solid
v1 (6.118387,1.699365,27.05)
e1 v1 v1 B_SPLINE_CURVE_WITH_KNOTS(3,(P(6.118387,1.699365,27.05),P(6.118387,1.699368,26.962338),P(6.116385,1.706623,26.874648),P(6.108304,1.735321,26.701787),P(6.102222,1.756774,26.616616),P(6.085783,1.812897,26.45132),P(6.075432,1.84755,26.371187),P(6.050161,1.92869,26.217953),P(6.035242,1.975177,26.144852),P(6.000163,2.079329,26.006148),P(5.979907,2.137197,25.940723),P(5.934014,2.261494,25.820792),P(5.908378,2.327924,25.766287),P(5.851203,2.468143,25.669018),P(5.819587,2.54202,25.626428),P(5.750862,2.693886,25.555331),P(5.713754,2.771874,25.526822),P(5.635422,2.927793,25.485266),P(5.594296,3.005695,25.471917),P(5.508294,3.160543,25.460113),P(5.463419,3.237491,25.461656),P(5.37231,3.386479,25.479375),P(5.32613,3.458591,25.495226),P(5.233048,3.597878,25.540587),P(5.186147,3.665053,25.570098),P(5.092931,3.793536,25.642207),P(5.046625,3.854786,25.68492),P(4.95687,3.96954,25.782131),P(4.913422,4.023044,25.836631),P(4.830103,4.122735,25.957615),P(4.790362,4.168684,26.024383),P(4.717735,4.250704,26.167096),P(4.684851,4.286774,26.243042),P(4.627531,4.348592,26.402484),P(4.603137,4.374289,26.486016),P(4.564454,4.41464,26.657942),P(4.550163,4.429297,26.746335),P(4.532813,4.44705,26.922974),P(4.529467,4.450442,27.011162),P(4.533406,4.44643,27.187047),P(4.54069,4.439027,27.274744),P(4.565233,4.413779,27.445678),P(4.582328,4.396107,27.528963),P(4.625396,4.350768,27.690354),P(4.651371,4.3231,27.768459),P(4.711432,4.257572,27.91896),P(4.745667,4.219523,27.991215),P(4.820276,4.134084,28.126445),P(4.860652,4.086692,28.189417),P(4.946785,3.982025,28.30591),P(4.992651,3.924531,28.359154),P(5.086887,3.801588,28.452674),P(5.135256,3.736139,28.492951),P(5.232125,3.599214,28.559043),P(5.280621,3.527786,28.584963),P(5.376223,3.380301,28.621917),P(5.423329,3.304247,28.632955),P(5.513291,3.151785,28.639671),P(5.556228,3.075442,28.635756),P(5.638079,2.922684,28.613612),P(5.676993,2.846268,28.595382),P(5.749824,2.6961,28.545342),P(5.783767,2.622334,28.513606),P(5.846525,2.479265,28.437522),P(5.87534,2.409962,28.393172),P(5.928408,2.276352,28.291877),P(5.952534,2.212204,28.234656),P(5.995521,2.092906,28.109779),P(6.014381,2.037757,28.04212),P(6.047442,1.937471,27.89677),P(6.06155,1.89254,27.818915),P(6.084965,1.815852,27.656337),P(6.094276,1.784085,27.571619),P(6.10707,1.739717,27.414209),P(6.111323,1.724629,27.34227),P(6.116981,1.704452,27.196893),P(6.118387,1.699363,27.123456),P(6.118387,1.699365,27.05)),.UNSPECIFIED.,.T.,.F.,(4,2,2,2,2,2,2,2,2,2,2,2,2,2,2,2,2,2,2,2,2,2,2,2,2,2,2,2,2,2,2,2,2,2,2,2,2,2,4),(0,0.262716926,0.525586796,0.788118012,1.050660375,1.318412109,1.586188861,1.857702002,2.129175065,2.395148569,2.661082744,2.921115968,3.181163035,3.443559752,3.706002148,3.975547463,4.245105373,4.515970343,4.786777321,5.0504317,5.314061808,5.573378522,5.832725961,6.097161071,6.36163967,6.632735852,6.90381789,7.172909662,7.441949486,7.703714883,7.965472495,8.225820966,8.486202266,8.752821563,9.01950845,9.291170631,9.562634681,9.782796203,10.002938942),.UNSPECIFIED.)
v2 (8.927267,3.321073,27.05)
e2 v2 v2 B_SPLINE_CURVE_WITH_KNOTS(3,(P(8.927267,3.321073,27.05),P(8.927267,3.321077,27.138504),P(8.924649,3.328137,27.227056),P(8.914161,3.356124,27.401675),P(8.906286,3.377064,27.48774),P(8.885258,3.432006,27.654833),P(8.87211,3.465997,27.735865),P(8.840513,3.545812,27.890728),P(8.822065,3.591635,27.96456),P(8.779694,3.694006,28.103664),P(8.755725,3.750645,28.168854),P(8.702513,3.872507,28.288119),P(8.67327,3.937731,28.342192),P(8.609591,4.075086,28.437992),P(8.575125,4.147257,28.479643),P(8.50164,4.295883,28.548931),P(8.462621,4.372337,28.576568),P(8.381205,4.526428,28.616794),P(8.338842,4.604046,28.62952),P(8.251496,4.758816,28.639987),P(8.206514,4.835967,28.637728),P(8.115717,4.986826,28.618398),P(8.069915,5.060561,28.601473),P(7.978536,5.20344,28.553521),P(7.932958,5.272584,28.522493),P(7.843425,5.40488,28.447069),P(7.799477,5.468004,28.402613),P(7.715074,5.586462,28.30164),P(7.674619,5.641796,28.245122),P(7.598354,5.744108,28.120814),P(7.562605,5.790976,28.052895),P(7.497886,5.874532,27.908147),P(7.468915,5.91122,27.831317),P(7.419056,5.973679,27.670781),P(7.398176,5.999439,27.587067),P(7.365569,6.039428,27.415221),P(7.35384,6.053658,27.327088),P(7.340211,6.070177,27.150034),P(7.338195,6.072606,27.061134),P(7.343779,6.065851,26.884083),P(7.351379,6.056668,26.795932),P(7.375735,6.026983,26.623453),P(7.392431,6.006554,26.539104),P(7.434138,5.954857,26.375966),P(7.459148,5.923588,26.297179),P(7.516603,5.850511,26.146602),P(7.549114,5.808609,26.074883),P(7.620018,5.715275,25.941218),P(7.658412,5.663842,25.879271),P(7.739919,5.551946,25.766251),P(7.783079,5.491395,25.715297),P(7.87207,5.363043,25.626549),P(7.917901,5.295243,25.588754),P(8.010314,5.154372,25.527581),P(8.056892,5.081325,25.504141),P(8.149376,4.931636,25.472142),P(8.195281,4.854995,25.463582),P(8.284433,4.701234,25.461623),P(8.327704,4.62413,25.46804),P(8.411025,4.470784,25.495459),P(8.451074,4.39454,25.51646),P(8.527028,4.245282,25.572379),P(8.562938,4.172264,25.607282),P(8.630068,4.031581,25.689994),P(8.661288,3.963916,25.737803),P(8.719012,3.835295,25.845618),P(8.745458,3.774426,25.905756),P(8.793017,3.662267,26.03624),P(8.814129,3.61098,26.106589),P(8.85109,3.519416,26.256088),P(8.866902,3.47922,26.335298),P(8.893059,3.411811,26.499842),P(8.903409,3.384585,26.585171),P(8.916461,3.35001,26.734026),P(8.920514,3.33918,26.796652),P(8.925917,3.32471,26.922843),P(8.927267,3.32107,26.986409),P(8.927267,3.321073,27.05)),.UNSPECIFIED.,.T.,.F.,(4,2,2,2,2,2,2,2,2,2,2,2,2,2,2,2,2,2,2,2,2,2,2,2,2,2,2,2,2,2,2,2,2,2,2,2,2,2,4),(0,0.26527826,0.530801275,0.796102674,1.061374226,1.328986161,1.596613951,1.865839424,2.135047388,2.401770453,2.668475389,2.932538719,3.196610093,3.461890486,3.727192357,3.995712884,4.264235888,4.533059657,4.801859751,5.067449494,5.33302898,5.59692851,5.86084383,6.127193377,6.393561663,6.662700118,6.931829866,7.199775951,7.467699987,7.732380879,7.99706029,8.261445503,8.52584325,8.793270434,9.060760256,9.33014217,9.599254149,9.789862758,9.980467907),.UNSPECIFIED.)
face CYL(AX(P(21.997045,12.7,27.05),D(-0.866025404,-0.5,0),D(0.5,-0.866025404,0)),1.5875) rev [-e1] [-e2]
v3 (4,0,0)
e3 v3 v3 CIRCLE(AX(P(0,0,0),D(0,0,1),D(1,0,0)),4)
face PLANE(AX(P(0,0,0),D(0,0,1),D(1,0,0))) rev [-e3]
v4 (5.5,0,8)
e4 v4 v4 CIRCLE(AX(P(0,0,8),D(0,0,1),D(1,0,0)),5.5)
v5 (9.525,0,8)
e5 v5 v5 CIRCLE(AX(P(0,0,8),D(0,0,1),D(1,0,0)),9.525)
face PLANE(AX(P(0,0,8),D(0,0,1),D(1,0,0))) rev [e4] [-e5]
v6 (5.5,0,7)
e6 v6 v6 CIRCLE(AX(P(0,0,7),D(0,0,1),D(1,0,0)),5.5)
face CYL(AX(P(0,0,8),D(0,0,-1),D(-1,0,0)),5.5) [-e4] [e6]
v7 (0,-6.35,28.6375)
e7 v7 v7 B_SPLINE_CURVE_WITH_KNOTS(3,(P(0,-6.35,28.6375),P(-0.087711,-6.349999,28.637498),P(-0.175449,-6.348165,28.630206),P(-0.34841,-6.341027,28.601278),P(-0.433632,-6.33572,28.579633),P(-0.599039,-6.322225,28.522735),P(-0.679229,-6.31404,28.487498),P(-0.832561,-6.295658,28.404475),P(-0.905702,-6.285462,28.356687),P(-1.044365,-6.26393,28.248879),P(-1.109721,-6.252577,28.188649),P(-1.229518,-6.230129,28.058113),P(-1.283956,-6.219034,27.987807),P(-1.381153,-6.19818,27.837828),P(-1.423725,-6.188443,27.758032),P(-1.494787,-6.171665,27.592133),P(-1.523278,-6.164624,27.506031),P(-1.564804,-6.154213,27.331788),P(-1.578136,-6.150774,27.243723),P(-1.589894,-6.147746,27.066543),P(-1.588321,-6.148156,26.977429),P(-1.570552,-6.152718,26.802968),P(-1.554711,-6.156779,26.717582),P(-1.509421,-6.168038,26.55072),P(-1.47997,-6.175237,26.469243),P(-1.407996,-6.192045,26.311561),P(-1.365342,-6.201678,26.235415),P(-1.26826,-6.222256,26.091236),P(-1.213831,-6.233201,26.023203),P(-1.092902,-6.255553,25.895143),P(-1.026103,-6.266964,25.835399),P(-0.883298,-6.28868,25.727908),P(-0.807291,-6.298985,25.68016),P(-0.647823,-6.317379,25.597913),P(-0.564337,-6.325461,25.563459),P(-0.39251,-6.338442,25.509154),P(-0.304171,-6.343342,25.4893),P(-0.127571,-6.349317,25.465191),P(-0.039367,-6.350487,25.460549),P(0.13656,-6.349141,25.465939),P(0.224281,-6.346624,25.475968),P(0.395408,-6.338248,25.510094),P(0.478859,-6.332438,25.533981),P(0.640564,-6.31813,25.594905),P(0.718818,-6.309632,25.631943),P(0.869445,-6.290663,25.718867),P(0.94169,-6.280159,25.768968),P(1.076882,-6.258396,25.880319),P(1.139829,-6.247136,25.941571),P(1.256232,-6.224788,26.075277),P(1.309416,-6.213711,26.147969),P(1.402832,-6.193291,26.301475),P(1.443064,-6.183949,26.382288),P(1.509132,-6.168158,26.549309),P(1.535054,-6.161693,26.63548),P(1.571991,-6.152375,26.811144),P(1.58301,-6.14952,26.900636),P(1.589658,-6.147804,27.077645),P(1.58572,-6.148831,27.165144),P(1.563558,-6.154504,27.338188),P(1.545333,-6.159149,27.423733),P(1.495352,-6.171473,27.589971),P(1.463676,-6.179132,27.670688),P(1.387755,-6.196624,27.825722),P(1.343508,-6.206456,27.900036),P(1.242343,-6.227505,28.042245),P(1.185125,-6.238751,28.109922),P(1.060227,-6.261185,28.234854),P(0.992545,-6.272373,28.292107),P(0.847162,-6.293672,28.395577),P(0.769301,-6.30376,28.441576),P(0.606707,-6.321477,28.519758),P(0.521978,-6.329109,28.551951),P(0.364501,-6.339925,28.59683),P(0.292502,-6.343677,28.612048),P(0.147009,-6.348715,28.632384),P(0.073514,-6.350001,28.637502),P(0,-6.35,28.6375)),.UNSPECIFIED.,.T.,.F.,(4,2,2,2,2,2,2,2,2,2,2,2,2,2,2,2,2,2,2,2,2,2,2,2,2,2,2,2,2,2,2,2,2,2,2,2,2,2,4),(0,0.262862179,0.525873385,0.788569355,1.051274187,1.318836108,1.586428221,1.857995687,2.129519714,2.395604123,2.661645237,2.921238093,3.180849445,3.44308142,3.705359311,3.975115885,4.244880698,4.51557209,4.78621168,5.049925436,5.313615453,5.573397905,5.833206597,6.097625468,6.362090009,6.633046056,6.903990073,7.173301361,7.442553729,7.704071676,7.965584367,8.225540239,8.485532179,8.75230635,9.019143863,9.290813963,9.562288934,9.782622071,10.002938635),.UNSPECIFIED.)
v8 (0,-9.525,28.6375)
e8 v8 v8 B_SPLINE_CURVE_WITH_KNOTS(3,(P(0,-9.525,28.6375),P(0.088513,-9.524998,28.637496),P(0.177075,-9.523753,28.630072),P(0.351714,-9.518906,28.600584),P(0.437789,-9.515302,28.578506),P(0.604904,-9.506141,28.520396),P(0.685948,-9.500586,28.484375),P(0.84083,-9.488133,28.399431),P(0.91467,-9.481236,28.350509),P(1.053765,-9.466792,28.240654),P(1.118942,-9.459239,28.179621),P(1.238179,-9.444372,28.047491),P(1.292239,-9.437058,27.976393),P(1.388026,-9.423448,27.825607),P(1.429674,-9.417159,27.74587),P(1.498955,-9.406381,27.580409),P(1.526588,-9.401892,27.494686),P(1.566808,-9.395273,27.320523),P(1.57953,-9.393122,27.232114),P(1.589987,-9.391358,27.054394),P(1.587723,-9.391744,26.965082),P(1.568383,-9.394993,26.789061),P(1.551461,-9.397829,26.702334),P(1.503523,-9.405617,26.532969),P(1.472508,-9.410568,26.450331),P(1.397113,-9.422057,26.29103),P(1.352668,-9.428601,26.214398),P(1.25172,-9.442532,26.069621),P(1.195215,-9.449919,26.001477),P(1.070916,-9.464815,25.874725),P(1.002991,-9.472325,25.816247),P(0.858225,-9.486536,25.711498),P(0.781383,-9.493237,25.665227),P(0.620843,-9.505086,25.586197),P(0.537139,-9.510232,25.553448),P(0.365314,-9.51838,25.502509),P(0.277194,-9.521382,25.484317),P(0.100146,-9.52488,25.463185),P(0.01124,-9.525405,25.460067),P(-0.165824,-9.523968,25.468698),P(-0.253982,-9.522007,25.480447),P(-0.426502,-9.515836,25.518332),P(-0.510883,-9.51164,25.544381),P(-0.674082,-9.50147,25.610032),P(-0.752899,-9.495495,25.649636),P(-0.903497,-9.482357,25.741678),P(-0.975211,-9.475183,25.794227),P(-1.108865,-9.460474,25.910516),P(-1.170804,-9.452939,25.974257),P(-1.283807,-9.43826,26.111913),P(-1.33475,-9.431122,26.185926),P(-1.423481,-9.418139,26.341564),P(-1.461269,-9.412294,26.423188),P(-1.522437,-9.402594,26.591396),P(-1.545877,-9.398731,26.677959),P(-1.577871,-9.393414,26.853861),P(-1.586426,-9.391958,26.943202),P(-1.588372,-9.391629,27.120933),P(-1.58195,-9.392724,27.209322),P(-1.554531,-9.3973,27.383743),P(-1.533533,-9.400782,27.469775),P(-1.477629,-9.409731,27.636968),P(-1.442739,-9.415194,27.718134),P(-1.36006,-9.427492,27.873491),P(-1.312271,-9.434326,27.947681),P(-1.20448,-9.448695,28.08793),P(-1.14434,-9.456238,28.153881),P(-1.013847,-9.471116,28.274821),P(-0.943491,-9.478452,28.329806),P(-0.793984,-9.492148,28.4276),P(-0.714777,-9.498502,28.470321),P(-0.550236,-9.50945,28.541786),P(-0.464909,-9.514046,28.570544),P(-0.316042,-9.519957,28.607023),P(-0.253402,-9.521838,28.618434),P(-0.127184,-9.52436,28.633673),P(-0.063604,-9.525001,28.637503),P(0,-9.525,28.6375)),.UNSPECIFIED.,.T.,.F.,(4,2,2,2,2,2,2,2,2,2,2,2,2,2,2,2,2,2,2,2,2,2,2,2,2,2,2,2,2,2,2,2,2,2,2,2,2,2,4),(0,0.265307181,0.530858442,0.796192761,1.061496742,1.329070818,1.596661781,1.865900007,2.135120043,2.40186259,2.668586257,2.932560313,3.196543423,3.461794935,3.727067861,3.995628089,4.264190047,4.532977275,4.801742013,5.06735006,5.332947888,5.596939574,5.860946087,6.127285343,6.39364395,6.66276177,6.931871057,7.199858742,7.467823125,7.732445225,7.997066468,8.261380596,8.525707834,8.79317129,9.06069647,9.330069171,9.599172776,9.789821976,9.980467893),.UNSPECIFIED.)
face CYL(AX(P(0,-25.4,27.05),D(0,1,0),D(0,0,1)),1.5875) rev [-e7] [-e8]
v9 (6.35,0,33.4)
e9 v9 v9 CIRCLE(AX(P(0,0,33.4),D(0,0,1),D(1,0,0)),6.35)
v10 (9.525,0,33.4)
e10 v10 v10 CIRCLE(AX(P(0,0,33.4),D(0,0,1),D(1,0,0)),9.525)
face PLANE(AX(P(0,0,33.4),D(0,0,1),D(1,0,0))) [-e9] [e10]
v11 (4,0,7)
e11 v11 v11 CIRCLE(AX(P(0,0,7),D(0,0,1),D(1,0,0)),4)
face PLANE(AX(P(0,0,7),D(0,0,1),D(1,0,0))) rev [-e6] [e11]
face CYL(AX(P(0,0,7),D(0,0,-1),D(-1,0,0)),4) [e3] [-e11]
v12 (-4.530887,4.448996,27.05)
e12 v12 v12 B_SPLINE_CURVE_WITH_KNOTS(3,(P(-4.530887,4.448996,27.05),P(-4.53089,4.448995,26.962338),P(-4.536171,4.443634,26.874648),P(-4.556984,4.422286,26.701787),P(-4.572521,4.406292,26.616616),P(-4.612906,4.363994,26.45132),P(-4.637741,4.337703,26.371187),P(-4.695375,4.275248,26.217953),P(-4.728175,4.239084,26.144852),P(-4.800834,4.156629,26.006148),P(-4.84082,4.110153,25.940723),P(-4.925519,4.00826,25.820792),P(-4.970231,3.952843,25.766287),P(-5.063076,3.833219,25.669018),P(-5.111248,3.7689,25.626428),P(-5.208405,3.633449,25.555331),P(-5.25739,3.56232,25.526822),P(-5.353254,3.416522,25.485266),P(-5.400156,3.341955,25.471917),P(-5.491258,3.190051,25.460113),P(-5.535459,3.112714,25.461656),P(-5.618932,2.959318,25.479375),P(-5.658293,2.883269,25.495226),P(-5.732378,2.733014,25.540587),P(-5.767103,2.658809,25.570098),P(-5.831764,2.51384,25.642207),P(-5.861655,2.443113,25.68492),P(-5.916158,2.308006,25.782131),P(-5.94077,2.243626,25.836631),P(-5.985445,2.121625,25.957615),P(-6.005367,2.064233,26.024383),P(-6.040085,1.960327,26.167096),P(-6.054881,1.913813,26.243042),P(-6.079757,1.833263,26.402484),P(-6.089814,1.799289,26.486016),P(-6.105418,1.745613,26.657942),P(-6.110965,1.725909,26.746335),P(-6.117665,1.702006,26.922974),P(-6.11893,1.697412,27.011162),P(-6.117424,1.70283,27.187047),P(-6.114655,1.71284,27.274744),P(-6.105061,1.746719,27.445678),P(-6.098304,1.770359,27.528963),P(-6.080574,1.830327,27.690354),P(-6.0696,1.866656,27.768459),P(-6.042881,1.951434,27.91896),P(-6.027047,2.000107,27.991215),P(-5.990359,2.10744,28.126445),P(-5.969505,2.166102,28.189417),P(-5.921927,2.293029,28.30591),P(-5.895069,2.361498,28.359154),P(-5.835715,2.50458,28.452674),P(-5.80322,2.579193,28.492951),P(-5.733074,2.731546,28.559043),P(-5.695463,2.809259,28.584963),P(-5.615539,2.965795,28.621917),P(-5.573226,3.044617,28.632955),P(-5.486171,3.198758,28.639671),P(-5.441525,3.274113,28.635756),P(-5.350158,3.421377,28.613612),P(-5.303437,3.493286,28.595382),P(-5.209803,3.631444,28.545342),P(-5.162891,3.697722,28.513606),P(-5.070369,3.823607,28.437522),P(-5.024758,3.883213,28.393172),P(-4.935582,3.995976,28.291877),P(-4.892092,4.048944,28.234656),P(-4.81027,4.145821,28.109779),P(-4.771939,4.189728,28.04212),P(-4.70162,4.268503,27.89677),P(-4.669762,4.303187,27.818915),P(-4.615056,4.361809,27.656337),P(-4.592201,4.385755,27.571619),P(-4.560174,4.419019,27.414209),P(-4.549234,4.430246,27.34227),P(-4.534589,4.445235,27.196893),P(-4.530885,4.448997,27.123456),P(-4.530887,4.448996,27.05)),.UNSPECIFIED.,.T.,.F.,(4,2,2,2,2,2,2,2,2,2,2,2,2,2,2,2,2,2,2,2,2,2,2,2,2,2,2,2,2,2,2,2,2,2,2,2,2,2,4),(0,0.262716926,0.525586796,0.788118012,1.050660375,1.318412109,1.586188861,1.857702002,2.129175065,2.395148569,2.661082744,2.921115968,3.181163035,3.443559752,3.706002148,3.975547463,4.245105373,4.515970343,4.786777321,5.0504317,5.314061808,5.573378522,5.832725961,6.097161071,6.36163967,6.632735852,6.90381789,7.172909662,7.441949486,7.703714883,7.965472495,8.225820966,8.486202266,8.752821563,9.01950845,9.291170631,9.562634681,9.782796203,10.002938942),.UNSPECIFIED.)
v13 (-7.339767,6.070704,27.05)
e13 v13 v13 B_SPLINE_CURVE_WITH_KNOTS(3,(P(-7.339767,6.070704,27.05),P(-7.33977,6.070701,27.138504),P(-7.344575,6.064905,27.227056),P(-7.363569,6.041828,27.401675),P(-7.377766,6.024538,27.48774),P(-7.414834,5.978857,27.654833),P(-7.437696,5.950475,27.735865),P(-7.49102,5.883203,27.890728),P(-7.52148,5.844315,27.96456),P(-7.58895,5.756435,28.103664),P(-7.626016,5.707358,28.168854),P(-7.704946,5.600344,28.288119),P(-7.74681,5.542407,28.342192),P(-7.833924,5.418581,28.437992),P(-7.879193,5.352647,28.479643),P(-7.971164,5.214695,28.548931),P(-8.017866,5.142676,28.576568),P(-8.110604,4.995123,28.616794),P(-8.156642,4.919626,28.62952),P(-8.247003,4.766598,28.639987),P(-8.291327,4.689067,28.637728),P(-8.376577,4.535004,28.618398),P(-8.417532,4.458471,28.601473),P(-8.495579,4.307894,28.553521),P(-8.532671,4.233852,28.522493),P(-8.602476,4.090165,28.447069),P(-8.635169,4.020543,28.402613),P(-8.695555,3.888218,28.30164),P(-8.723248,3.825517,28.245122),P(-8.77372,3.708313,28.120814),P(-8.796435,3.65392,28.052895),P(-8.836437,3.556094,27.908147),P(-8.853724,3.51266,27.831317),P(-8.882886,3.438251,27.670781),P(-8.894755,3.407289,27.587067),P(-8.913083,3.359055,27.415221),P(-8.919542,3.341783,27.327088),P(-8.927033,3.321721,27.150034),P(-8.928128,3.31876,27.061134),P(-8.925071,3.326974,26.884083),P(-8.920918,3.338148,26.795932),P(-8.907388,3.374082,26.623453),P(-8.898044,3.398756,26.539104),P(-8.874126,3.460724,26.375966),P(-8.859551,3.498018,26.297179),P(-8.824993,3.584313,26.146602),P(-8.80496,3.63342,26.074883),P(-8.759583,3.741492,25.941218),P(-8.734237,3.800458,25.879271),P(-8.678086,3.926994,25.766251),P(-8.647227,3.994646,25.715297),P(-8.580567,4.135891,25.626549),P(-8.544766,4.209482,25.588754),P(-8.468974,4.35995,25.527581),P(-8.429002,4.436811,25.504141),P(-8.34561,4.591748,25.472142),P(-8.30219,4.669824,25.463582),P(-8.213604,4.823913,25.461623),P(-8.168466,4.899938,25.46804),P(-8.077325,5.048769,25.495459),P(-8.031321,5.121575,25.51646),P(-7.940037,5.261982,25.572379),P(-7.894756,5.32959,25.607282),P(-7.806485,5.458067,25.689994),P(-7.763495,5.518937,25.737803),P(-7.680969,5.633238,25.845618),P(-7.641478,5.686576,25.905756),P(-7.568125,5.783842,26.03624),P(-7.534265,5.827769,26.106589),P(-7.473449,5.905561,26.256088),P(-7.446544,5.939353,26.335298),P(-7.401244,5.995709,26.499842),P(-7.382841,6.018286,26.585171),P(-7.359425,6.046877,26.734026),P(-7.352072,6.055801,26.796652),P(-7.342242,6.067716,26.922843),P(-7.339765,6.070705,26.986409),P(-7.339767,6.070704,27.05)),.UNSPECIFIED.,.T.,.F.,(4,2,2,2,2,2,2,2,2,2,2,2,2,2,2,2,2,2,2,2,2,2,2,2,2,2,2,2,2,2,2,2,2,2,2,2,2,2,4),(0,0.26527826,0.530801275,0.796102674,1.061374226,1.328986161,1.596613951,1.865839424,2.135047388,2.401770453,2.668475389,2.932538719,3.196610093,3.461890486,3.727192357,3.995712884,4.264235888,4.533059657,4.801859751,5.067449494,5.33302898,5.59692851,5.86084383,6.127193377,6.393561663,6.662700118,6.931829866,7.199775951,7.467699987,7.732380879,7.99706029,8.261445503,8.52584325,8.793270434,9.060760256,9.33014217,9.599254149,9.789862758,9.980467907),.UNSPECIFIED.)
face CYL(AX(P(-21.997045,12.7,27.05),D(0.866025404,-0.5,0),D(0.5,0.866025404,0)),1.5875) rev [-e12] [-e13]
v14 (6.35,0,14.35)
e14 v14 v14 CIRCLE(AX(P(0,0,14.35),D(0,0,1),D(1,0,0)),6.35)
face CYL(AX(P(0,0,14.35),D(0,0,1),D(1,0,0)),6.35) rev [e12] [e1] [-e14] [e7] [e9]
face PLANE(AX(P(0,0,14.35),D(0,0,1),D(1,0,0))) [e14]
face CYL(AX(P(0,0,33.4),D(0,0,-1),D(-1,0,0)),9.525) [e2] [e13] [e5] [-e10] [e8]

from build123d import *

# Parameters (mm, degrees)
SKETCH1_R           = 4
BOSS_EXTRUDE1_DEPTH = 7
SKETCH2_R           = 5.5
BOSS_EXTRUDE2_DEPTH = 1
SKETCH3_R           = 9.525
BOSS_EXTRUDE3_DEPTH = 25.4
SKETCH4_R           = 6.35
CUT_EXTRUDE1_DEPTH  = 19.05
SKETCH5_R           = 1.5875
CUT_EXTRUDE2_DEPTH  = 25.4
CIRPATTERN1_COUNT   = 3


with BuildPart() as part:
    # Sketch1 → Boss-Extrude1 (new body)
    with BuildSketch(Plane.XY):
        Circle(SKETCH1_R)
    extrude(amount=BOSS_EXTRUDE1_DEPTH)

    # Sketch2 → Boss-Extrude2 (add)
    with BuildSketch(Plane.XY.offset(7)):
        Circle(SKETCH2_R)
    extrude(amount=BOSS_EXTRUDE2_DEPTH)

    # Sketch3 → Boss-Extrude3 (add)
    with BuildSketch(Plane.XY.offset(8)):
        Circle(SKETCH3_R)
    extrude(amount=BOSS_EXTRUDE3_DEPTH)

    # Sketch4 → Cut-Extrude1 (cut)
    with BuildSketch(Plane.XY.offset(33.4)):
        Circle(SKETCH4_R)
    extrude(amount=-CUT_EXTRUDE1_DEPTH, mode=Mode.SUBTRACT)

    # Sketch5 → Cut-Extrude2 (cut)
    with BuildSketch(Plane(origin=(0, 0, 0), x_dir=(1, 0, 0), z_dir=(0, 1, 0))):
        with Locations(Location((0, -27.05, 0), (0, 0, 270))):
            Circle(SKETCH5_R)
    cut_extrude2 = extrude(amount=-CUT_EXTRUDE2_DEPTH, mode=Mode.SUBTRACT)

    # CirPattern1: Cut-Extrude2 ×3 about axis
    cirpattern1_axis = Axis((0, 0, 33.4), (0, 0, -1))
    for i in range(1, CIRPATTERN1_COUNT):
        add(cut_extrude2.rotate(cirpattern1_axis, i * 360 / CIRPATTERN1_COUNT), mode=Mode.SUBTRACT)


solid = part.part
